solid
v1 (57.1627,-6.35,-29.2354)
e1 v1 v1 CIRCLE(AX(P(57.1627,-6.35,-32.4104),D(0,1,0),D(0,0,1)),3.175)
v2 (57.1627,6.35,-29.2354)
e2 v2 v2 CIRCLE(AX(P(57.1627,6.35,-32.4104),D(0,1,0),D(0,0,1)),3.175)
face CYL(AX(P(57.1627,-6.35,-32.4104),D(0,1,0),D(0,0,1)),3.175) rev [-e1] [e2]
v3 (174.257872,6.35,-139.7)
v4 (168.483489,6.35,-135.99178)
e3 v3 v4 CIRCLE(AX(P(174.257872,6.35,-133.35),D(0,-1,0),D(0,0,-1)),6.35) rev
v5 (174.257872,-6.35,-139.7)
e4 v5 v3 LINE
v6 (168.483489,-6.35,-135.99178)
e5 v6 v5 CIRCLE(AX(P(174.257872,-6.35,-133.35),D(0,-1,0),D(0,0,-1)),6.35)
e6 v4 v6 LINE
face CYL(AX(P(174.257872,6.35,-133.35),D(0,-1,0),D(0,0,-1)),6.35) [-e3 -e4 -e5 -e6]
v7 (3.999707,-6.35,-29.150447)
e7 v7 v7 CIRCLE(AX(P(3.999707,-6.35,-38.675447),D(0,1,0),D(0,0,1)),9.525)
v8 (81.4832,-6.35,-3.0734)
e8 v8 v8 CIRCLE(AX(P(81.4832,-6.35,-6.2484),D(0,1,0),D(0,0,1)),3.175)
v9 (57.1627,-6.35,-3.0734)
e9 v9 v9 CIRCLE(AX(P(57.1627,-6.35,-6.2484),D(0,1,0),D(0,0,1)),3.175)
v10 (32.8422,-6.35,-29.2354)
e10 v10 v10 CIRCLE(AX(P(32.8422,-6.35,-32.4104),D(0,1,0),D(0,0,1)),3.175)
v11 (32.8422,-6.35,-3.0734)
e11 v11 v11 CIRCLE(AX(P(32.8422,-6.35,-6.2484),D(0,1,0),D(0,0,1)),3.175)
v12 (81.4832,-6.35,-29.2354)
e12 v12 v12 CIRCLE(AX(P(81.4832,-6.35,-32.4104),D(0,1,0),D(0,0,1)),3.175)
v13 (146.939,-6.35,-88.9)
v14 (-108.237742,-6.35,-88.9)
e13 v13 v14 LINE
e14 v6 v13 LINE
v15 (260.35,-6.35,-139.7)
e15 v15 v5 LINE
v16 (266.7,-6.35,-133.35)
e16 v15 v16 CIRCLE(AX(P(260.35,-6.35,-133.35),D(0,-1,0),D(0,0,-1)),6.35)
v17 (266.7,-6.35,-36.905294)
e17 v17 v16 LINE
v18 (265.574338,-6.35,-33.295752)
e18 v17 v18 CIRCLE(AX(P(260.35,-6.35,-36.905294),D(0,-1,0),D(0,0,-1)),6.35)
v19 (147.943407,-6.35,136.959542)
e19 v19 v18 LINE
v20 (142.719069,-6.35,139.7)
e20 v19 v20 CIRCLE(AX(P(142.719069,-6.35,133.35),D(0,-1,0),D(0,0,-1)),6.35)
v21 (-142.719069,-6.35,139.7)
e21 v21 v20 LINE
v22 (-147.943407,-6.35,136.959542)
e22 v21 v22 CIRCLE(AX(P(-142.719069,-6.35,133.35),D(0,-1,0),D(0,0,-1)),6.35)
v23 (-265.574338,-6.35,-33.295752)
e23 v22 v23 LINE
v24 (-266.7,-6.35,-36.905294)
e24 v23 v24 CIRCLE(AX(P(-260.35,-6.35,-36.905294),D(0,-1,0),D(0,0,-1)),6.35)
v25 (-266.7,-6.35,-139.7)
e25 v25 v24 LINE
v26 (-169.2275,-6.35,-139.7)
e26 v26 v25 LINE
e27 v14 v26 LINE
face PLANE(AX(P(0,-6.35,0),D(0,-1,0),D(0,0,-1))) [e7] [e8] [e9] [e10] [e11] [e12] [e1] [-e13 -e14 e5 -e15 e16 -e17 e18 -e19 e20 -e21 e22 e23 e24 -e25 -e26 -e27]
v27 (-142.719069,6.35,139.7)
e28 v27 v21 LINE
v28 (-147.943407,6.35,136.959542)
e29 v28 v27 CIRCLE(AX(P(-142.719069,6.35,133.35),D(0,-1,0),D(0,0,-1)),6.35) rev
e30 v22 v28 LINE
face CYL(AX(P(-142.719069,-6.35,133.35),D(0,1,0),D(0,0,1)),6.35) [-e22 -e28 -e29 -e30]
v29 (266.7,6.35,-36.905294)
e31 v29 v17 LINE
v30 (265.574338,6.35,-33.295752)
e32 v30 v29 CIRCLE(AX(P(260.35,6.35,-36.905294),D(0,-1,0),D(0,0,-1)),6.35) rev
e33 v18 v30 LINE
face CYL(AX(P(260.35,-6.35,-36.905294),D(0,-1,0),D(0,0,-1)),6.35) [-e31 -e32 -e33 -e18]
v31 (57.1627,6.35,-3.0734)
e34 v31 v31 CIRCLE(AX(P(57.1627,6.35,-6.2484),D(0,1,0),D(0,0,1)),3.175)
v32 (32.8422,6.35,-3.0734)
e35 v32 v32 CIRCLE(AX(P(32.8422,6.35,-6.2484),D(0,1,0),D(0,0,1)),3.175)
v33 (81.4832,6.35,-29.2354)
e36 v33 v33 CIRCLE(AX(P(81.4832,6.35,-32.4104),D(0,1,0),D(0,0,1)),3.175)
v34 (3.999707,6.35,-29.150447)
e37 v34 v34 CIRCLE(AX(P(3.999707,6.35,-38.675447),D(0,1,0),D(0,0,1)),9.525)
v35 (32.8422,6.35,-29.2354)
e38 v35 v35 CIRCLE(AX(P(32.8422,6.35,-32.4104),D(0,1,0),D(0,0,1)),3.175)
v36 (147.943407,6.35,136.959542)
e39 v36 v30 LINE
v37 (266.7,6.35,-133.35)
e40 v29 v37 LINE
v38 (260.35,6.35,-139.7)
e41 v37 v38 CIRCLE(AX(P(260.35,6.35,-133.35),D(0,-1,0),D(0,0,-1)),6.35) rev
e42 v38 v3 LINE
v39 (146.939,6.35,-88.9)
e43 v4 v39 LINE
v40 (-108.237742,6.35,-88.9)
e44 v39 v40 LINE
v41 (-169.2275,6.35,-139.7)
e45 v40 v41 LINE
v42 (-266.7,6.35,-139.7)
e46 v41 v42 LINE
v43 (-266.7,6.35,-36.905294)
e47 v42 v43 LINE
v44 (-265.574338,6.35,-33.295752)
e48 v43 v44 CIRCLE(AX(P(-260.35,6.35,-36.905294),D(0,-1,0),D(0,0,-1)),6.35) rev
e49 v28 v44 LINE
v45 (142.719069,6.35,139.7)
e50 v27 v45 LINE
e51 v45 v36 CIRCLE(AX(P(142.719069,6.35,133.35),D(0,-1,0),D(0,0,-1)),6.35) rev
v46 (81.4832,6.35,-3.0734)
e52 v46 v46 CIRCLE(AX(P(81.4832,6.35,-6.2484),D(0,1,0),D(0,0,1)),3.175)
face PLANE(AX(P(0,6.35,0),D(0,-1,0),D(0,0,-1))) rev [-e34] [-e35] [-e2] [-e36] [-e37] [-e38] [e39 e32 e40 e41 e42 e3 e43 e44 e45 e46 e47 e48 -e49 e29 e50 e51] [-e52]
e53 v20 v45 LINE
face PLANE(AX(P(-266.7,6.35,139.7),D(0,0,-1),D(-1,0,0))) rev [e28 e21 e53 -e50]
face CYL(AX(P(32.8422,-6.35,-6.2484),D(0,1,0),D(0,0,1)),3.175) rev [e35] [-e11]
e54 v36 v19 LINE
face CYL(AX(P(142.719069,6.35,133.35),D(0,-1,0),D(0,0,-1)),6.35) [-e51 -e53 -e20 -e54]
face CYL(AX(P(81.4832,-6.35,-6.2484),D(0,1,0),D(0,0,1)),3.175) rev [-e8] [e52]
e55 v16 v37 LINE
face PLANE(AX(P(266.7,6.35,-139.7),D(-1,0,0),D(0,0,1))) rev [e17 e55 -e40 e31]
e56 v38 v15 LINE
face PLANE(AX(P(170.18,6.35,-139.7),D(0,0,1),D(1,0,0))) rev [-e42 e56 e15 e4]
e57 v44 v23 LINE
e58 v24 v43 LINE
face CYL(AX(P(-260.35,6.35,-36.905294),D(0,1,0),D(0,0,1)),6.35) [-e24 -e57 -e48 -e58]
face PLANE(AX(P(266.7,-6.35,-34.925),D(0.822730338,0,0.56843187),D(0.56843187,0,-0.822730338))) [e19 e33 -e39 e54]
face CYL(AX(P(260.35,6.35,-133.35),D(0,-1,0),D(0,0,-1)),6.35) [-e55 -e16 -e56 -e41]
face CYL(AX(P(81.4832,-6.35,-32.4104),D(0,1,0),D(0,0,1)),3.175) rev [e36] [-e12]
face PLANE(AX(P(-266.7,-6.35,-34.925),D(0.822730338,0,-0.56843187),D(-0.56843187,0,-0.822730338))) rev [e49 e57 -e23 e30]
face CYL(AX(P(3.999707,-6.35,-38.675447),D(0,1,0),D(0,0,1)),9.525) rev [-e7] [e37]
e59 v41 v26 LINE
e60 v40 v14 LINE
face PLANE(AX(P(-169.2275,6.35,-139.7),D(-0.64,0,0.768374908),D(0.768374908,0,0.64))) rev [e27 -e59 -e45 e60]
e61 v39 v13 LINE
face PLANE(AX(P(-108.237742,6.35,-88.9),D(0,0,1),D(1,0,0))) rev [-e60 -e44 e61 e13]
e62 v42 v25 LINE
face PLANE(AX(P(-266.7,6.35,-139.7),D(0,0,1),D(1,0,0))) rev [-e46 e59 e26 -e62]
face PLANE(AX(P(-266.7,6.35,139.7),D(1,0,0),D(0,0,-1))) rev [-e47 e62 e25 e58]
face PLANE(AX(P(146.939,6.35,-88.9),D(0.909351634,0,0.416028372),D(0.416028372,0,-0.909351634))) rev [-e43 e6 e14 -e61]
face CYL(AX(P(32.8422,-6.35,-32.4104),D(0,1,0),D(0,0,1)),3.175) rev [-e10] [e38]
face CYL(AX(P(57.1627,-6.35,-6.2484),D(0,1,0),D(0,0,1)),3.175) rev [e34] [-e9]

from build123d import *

# Parameters (mm, degrees)
BOSS_EXTRUDE1_DEPTH = 6.35
SKETCH2_R           = 3.175
CUT_EXTRUDE1_DEPTH  = 302.34078715
CUT_EXTRUDE2_DEPTH  = 302.34078715
FILLET1_R           = 6.35
SKETCH4_R           = 9.525
CUT_EXTRUDE3_DEPTH  = 302.34078715


with BuildPart() as part:
    # Sketch1 → Boss-Extrude1 (new, symmetric)
    with BuildSketch(Plane(origin=(0, 0, 0), x_dir=(1, 0, 0), z_dir=(0, 1, 0))):
        Polygon((-266.7, -139.7), (266.7, -139.7), (266.7, 139.7), (170.18, 139.7), (146.939, 88.9), (-108.237741638, 88.9), (-169.2275, 139.7), (-266.7, 139.7), align=None)
    extrude(amount=BOSS_EXTRUDE1_DEPTH, both=True)

    # Sketch2 → Cut-Extrude1 (cut, through all)
    with BuildSketch(Plane(origin=(0, 6.35, 0), x_dir=(1, 0, 0), z_dir=(0, 1, 0))):
        with Locations(Location((81.4832, 6.2484, 0), (0, 0, 270))):
            Circle(SKETCH2_R)
        with Locations(Location((81.4832, 32.4104, 0), (0, 0, 270))):
            Circle(SKETCH2_R)
        with Locations(Location((57.1627, 32.4104, 0), (0, 0, 270))):
            Circle(SKETCH2_R)
        with Locations(Location((32.8422, 32.4104, 0), (0, 0, 270))):
            Circle(SKETCH2_R)
        with Locations(Location((32.8422, 6.2484, 0), (0, 0, 270))):
            Circle(SKETCH2_R)
        with Locations(Location((57.1627, 6.2484, 0), (0, 0, 270))):
            Circle(SKETCH2_R)
    extrude(amount=-CUT_EXTRUDE1_DEPTH, mode=Mode.SUBTRACT)

    # Sketch3 → Cut-Extrude2 (cut, through all)
    with BuildSketch(Plane(origin=(0, 6.35, 0), x_dir=(1, 0, 0), z_dir=(0, 1, 0))):
        Polygon((-266.7, 34.925), (-146.05, -139.7), (-266.7, -139.7), align=None)
    cut_extrude2 = extrude(amount=-CUT_EXTRUDE2_DEPTH, mode=Mode.SUBTRACT)

    # Mirror1: Cut-Extrude2 across plane
    add(cut_extrude2.mirror(Plane(origin=(0, 0, 0), x_dir=(0, 0, 1), z_dir=(1, 0, 0))), mode=Mode.SUBTRACT)

    # Fillet1
    fillet1_edges = [part.edges().sort_by_distance(p)[0] for p in [
        (170.18, 0, -139.7),
        (266.7, 0, -139.7),
        (-266.7, 0, -34.925),
        (-146.05, 0, 139.7),
        (266.7, 0, -34.925),
        (146.05, 0, 139.7),
    ]]
    fillet(fillet1_edges, radius=FILLET1_R)

    # Sketch4 → Cut-Extrude3 (cut, through all)
    with BuildSketch(Plane(origin=(0, 6.35, 0), x_dir=(1, 0, 0), z_dir=(0, 1, 0))):
        with Locations(Location((3.99970692, 38.675446652, 0), (0, 0, 270))):
            Circle(SKETCH4_R)
    extrude(amount=-CUT_EXTRUDE3_DEPTH, mode=Mode.SUBTRACT)


solid = part.part
